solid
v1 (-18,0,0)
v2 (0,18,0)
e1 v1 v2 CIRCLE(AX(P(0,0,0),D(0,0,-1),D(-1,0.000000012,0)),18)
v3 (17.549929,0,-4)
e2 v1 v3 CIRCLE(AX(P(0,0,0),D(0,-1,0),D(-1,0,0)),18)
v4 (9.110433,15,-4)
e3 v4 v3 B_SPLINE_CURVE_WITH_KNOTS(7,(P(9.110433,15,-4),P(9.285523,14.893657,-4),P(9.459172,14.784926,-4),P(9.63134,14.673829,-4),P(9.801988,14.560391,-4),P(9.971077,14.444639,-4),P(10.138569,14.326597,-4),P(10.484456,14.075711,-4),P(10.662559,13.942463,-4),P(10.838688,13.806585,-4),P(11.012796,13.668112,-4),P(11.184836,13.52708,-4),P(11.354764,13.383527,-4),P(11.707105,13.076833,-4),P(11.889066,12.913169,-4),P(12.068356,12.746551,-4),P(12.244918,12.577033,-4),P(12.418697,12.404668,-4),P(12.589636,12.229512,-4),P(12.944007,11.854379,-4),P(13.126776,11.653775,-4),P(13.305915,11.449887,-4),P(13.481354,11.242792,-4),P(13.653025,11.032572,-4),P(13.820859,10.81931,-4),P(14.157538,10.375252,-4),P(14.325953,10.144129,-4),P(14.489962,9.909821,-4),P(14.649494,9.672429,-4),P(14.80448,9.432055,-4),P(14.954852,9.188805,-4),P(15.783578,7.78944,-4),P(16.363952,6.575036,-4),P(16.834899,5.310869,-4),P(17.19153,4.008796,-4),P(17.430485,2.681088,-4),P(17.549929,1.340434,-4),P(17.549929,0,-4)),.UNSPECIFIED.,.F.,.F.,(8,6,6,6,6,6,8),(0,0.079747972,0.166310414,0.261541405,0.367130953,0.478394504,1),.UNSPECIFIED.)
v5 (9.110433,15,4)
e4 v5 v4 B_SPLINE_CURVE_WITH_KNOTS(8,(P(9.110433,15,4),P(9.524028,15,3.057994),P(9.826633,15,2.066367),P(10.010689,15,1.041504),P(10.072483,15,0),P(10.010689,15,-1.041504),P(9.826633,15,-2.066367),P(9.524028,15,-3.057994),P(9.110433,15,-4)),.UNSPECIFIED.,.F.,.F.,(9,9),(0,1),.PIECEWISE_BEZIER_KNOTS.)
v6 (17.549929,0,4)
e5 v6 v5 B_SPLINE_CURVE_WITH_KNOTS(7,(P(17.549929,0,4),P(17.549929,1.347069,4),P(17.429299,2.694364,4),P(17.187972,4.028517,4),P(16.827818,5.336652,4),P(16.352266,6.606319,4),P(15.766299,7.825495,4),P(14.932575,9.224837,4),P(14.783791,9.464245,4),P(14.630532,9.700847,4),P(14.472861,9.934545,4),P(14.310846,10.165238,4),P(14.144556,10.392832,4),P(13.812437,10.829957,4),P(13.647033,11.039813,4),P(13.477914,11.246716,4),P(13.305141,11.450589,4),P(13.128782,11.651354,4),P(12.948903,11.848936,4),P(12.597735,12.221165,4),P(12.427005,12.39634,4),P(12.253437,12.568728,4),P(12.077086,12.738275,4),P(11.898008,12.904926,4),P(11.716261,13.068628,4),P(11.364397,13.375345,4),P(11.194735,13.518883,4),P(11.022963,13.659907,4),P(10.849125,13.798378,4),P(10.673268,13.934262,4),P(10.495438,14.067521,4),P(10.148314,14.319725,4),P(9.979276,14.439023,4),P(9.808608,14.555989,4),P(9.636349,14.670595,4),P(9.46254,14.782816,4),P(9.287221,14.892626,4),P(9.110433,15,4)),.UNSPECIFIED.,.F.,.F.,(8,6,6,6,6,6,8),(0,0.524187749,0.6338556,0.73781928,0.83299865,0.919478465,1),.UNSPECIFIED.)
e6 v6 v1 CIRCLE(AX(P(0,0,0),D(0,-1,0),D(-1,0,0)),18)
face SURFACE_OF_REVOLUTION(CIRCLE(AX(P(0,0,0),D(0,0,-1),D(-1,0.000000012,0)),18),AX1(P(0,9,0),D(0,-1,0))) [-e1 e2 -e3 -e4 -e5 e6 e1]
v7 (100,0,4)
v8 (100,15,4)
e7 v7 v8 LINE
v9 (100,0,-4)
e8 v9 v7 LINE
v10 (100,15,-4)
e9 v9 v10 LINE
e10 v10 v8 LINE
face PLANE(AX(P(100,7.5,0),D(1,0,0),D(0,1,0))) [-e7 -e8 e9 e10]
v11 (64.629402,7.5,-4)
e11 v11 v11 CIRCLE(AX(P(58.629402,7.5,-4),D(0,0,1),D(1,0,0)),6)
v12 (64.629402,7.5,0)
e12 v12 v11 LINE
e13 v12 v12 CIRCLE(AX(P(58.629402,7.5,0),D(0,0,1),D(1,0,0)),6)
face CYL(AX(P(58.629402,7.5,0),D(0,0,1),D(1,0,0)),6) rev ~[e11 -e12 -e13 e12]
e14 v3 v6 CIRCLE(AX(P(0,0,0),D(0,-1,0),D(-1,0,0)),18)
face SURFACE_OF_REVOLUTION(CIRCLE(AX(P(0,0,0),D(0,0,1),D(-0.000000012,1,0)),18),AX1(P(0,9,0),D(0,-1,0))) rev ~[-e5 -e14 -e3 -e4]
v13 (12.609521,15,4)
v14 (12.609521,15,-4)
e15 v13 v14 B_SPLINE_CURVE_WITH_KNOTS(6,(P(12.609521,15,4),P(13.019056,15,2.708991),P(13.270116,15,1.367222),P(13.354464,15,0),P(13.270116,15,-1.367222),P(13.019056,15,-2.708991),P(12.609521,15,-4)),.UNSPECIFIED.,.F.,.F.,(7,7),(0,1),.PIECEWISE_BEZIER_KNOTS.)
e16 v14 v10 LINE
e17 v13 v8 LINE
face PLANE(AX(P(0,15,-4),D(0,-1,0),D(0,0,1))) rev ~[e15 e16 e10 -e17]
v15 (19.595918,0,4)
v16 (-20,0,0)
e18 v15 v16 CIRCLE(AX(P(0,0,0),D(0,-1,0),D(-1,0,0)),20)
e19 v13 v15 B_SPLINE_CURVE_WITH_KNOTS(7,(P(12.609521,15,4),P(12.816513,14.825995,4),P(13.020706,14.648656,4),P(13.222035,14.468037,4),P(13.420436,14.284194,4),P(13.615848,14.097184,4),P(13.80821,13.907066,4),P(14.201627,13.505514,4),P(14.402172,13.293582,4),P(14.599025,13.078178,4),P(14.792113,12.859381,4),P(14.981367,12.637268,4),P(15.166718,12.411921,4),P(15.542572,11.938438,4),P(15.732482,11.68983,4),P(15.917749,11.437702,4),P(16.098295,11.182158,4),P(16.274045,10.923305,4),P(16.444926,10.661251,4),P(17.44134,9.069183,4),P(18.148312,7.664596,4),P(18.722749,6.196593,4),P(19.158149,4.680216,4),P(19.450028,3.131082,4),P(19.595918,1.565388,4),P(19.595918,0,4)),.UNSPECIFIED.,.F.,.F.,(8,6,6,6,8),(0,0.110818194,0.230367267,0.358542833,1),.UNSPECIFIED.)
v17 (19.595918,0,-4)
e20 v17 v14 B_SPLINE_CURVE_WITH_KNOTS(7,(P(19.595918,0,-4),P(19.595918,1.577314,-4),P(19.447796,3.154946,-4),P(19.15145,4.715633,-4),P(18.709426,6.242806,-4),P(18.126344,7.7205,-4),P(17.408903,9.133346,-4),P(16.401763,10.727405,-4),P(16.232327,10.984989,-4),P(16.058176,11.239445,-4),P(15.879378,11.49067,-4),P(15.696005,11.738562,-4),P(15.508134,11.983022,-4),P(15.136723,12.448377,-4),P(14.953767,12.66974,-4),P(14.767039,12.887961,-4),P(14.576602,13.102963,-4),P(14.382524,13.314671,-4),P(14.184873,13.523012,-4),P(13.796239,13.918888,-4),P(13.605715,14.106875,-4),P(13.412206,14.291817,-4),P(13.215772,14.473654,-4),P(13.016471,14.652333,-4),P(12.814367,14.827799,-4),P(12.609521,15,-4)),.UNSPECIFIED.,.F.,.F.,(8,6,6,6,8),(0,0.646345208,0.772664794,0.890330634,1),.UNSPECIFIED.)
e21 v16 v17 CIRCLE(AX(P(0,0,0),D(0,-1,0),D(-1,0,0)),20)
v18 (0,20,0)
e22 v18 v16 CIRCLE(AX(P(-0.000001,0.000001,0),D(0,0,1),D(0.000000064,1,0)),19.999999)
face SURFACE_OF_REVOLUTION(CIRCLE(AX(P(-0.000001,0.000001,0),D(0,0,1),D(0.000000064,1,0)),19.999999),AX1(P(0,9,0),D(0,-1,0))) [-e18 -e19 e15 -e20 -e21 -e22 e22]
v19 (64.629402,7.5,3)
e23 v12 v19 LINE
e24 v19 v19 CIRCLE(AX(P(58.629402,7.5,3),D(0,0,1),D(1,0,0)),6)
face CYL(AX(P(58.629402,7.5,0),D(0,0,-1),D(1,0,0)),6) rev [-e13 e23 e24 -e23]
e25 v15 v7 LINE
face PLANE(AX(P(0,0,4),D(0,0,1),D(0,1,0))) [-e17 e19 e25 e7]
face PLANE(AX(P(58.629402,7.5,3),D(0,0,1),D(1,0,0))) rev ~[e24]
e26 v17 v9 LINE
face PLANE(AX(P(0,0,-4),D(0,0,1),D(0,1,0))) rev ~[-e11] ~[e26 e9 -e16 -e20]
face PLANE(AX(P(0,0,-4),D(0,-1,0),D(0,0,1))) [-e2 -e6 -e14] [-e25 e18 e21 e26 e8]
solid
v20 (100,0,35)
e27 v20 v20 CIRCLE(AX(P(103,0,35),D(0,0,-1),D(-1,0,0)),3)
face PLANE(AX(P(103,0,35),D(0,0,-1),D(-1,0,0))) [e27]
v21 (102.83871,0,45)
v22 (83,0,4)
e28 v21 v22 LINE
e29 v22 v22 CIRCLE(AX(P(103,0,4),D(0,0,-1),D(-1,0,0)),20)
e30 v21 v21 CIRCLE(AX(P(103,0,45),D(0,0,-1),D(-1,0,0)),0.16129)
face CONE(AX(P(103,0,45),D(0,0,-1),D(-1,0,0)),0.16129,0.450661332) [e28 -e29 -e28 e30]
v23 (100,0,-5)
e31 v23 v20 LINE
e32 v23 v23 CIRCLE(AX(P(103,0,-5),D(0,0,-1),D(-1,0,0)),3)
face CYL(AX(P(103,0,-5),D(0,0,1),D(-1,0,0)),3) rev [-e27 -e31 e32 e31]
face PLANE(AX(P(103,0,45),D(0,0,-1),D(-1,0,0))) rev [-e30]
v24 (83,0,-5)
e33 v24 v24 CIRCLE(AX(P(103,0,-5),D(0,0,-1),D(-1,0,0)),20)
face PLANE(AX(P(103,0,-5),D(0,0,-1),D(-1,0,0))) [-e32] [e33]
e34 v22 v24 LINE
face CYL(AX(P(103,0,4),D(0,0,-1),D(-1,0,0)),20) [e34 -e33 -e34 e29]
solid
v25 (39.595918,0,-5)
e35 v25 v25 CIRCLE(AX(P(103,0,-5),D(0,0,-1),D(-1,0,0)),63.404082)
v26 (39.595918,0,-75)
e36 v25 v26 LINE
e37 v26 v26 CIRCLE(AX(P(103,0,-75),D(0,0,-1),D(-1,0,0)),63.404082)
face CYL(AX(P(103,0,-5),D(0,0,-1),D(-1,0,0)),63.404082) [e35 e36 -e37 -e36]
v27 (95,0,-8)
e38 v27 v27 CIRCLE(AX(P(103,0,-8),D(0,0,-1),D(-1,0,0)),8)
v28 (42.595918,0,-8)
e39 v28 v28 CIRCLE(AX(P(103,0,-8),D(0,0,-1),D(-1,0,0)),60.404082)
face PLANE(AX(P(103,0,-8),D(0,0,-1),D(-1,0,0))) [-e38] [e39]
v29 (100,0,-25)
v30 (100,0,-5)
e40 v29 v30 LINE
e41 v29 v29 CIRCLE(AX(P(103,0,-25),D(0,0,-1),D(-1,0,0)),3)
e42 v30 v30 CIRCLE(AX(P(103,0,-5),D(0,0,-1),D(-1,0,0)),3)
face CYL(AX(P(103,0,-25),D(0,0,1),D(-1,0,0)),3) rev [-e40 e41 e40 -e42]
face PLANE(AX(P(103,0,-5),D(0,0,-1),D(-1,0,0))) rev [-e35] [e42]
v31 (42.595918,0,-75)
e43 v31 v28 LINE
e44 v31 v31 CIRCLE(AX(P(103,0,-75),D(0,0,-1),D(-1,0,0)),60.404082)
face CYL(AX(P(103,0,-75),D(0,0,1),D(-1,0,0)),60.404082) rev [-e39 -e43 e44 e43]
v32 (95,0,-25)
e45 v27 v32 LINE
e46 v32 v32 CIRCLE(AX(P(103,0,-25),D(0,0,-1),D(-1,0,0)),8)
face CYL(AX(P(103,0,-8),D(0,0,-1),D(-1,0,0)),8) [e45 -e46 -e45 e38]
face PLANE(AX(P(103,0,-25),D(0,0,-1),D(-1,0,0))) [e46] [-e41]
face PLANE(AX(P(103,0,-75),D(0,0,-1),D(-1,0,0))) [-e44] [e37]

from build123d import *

# Parameters (mm, degrees)
F2_W           = 15
F2_H           = 8
F3_DEPTH       = 100
F12_R          = 6
F13_DEPTH      = 3
F13_DEPTH_BACK = 4


with BuildPart() as f1:
    # F0 (on Top) → F1 (revolve)
    with BuildSketch(Plane.XY):
        with BuildLine():
            ThreePointArc((-18, 0), (-12.727922, 12.727922), (0, 18))
            Line((0, 18), (0, 20))
            ThreePointArc((0, 20), (-14.142136, 14.142136), (-20, 0))
            Line((-20, 0), (-18, 0))
        make_face()
    revolve(axis=Axis((0, 9, 0), (0, -1, 0)))

    # F2 (on Right) → F3 (join)
    with BuildSketch(Plane.YZ):
        with Locations((7.5, 0)):
            Rectangle(F2_W, F2_H)
    extrude(amount=F3_DEPTH)

    # F4 (on Top) → F5 (revolve, cut)
    with BuildSketch(Plane.XY):
        with BuildLine():
            ThreePointArc((0, 18), (-12.727922, 12.727922), (-18, 0))
            Line((-18, 0), (0, 0))
            Line((0, 0), (0, 18))
        make_face()
    revolve(axis=Axis((0, 9, 0), (0, -1, 0)), mode=Mode.SUBTRACT)

    # F12 (on Top) → F13 (cut, two sides)
    with BuildSketch(Plane.XY) as f13_sk:
        with Locations((58.629402, 7.5)):
            Circle(F12_R)
    extrude(amount=F13_DEPTH, mode=Mode.SUBTRACT)
    extrude(f13_sk.sketch, amount=-F13_DEPTH_BACK, mode=Mode.SUBTRACT)


with BuildPart() as f7:
    # F6 (on Front) → F7 (revolve)
    with BuildSketch(Plane.XZ):
        Polygon((103, 45), (102.83871, 45), (83, 4), (83, -5), (100, -5), (100, 35), (103, 35), align=None)
    revolve(axis=Axis((103, 0, 20.166667), (0, 0, -1)))


with BuildPart() as f9:
    # F8 (on Front) → F9 (revolve)
    with BuildSketch(Plane.XZ):
        Polygon((100, -25), (100, -5), (39.595918, -5), (39.595918, -75), (42.595918, -75), (42.595918, -8), (95, -8), (95, -25), align=None)
    revolve(axis=Axis((103, 0, 20.166667), (0, 0, -1)))


solid = Compound([f1.part, f7.part, f9.part])
